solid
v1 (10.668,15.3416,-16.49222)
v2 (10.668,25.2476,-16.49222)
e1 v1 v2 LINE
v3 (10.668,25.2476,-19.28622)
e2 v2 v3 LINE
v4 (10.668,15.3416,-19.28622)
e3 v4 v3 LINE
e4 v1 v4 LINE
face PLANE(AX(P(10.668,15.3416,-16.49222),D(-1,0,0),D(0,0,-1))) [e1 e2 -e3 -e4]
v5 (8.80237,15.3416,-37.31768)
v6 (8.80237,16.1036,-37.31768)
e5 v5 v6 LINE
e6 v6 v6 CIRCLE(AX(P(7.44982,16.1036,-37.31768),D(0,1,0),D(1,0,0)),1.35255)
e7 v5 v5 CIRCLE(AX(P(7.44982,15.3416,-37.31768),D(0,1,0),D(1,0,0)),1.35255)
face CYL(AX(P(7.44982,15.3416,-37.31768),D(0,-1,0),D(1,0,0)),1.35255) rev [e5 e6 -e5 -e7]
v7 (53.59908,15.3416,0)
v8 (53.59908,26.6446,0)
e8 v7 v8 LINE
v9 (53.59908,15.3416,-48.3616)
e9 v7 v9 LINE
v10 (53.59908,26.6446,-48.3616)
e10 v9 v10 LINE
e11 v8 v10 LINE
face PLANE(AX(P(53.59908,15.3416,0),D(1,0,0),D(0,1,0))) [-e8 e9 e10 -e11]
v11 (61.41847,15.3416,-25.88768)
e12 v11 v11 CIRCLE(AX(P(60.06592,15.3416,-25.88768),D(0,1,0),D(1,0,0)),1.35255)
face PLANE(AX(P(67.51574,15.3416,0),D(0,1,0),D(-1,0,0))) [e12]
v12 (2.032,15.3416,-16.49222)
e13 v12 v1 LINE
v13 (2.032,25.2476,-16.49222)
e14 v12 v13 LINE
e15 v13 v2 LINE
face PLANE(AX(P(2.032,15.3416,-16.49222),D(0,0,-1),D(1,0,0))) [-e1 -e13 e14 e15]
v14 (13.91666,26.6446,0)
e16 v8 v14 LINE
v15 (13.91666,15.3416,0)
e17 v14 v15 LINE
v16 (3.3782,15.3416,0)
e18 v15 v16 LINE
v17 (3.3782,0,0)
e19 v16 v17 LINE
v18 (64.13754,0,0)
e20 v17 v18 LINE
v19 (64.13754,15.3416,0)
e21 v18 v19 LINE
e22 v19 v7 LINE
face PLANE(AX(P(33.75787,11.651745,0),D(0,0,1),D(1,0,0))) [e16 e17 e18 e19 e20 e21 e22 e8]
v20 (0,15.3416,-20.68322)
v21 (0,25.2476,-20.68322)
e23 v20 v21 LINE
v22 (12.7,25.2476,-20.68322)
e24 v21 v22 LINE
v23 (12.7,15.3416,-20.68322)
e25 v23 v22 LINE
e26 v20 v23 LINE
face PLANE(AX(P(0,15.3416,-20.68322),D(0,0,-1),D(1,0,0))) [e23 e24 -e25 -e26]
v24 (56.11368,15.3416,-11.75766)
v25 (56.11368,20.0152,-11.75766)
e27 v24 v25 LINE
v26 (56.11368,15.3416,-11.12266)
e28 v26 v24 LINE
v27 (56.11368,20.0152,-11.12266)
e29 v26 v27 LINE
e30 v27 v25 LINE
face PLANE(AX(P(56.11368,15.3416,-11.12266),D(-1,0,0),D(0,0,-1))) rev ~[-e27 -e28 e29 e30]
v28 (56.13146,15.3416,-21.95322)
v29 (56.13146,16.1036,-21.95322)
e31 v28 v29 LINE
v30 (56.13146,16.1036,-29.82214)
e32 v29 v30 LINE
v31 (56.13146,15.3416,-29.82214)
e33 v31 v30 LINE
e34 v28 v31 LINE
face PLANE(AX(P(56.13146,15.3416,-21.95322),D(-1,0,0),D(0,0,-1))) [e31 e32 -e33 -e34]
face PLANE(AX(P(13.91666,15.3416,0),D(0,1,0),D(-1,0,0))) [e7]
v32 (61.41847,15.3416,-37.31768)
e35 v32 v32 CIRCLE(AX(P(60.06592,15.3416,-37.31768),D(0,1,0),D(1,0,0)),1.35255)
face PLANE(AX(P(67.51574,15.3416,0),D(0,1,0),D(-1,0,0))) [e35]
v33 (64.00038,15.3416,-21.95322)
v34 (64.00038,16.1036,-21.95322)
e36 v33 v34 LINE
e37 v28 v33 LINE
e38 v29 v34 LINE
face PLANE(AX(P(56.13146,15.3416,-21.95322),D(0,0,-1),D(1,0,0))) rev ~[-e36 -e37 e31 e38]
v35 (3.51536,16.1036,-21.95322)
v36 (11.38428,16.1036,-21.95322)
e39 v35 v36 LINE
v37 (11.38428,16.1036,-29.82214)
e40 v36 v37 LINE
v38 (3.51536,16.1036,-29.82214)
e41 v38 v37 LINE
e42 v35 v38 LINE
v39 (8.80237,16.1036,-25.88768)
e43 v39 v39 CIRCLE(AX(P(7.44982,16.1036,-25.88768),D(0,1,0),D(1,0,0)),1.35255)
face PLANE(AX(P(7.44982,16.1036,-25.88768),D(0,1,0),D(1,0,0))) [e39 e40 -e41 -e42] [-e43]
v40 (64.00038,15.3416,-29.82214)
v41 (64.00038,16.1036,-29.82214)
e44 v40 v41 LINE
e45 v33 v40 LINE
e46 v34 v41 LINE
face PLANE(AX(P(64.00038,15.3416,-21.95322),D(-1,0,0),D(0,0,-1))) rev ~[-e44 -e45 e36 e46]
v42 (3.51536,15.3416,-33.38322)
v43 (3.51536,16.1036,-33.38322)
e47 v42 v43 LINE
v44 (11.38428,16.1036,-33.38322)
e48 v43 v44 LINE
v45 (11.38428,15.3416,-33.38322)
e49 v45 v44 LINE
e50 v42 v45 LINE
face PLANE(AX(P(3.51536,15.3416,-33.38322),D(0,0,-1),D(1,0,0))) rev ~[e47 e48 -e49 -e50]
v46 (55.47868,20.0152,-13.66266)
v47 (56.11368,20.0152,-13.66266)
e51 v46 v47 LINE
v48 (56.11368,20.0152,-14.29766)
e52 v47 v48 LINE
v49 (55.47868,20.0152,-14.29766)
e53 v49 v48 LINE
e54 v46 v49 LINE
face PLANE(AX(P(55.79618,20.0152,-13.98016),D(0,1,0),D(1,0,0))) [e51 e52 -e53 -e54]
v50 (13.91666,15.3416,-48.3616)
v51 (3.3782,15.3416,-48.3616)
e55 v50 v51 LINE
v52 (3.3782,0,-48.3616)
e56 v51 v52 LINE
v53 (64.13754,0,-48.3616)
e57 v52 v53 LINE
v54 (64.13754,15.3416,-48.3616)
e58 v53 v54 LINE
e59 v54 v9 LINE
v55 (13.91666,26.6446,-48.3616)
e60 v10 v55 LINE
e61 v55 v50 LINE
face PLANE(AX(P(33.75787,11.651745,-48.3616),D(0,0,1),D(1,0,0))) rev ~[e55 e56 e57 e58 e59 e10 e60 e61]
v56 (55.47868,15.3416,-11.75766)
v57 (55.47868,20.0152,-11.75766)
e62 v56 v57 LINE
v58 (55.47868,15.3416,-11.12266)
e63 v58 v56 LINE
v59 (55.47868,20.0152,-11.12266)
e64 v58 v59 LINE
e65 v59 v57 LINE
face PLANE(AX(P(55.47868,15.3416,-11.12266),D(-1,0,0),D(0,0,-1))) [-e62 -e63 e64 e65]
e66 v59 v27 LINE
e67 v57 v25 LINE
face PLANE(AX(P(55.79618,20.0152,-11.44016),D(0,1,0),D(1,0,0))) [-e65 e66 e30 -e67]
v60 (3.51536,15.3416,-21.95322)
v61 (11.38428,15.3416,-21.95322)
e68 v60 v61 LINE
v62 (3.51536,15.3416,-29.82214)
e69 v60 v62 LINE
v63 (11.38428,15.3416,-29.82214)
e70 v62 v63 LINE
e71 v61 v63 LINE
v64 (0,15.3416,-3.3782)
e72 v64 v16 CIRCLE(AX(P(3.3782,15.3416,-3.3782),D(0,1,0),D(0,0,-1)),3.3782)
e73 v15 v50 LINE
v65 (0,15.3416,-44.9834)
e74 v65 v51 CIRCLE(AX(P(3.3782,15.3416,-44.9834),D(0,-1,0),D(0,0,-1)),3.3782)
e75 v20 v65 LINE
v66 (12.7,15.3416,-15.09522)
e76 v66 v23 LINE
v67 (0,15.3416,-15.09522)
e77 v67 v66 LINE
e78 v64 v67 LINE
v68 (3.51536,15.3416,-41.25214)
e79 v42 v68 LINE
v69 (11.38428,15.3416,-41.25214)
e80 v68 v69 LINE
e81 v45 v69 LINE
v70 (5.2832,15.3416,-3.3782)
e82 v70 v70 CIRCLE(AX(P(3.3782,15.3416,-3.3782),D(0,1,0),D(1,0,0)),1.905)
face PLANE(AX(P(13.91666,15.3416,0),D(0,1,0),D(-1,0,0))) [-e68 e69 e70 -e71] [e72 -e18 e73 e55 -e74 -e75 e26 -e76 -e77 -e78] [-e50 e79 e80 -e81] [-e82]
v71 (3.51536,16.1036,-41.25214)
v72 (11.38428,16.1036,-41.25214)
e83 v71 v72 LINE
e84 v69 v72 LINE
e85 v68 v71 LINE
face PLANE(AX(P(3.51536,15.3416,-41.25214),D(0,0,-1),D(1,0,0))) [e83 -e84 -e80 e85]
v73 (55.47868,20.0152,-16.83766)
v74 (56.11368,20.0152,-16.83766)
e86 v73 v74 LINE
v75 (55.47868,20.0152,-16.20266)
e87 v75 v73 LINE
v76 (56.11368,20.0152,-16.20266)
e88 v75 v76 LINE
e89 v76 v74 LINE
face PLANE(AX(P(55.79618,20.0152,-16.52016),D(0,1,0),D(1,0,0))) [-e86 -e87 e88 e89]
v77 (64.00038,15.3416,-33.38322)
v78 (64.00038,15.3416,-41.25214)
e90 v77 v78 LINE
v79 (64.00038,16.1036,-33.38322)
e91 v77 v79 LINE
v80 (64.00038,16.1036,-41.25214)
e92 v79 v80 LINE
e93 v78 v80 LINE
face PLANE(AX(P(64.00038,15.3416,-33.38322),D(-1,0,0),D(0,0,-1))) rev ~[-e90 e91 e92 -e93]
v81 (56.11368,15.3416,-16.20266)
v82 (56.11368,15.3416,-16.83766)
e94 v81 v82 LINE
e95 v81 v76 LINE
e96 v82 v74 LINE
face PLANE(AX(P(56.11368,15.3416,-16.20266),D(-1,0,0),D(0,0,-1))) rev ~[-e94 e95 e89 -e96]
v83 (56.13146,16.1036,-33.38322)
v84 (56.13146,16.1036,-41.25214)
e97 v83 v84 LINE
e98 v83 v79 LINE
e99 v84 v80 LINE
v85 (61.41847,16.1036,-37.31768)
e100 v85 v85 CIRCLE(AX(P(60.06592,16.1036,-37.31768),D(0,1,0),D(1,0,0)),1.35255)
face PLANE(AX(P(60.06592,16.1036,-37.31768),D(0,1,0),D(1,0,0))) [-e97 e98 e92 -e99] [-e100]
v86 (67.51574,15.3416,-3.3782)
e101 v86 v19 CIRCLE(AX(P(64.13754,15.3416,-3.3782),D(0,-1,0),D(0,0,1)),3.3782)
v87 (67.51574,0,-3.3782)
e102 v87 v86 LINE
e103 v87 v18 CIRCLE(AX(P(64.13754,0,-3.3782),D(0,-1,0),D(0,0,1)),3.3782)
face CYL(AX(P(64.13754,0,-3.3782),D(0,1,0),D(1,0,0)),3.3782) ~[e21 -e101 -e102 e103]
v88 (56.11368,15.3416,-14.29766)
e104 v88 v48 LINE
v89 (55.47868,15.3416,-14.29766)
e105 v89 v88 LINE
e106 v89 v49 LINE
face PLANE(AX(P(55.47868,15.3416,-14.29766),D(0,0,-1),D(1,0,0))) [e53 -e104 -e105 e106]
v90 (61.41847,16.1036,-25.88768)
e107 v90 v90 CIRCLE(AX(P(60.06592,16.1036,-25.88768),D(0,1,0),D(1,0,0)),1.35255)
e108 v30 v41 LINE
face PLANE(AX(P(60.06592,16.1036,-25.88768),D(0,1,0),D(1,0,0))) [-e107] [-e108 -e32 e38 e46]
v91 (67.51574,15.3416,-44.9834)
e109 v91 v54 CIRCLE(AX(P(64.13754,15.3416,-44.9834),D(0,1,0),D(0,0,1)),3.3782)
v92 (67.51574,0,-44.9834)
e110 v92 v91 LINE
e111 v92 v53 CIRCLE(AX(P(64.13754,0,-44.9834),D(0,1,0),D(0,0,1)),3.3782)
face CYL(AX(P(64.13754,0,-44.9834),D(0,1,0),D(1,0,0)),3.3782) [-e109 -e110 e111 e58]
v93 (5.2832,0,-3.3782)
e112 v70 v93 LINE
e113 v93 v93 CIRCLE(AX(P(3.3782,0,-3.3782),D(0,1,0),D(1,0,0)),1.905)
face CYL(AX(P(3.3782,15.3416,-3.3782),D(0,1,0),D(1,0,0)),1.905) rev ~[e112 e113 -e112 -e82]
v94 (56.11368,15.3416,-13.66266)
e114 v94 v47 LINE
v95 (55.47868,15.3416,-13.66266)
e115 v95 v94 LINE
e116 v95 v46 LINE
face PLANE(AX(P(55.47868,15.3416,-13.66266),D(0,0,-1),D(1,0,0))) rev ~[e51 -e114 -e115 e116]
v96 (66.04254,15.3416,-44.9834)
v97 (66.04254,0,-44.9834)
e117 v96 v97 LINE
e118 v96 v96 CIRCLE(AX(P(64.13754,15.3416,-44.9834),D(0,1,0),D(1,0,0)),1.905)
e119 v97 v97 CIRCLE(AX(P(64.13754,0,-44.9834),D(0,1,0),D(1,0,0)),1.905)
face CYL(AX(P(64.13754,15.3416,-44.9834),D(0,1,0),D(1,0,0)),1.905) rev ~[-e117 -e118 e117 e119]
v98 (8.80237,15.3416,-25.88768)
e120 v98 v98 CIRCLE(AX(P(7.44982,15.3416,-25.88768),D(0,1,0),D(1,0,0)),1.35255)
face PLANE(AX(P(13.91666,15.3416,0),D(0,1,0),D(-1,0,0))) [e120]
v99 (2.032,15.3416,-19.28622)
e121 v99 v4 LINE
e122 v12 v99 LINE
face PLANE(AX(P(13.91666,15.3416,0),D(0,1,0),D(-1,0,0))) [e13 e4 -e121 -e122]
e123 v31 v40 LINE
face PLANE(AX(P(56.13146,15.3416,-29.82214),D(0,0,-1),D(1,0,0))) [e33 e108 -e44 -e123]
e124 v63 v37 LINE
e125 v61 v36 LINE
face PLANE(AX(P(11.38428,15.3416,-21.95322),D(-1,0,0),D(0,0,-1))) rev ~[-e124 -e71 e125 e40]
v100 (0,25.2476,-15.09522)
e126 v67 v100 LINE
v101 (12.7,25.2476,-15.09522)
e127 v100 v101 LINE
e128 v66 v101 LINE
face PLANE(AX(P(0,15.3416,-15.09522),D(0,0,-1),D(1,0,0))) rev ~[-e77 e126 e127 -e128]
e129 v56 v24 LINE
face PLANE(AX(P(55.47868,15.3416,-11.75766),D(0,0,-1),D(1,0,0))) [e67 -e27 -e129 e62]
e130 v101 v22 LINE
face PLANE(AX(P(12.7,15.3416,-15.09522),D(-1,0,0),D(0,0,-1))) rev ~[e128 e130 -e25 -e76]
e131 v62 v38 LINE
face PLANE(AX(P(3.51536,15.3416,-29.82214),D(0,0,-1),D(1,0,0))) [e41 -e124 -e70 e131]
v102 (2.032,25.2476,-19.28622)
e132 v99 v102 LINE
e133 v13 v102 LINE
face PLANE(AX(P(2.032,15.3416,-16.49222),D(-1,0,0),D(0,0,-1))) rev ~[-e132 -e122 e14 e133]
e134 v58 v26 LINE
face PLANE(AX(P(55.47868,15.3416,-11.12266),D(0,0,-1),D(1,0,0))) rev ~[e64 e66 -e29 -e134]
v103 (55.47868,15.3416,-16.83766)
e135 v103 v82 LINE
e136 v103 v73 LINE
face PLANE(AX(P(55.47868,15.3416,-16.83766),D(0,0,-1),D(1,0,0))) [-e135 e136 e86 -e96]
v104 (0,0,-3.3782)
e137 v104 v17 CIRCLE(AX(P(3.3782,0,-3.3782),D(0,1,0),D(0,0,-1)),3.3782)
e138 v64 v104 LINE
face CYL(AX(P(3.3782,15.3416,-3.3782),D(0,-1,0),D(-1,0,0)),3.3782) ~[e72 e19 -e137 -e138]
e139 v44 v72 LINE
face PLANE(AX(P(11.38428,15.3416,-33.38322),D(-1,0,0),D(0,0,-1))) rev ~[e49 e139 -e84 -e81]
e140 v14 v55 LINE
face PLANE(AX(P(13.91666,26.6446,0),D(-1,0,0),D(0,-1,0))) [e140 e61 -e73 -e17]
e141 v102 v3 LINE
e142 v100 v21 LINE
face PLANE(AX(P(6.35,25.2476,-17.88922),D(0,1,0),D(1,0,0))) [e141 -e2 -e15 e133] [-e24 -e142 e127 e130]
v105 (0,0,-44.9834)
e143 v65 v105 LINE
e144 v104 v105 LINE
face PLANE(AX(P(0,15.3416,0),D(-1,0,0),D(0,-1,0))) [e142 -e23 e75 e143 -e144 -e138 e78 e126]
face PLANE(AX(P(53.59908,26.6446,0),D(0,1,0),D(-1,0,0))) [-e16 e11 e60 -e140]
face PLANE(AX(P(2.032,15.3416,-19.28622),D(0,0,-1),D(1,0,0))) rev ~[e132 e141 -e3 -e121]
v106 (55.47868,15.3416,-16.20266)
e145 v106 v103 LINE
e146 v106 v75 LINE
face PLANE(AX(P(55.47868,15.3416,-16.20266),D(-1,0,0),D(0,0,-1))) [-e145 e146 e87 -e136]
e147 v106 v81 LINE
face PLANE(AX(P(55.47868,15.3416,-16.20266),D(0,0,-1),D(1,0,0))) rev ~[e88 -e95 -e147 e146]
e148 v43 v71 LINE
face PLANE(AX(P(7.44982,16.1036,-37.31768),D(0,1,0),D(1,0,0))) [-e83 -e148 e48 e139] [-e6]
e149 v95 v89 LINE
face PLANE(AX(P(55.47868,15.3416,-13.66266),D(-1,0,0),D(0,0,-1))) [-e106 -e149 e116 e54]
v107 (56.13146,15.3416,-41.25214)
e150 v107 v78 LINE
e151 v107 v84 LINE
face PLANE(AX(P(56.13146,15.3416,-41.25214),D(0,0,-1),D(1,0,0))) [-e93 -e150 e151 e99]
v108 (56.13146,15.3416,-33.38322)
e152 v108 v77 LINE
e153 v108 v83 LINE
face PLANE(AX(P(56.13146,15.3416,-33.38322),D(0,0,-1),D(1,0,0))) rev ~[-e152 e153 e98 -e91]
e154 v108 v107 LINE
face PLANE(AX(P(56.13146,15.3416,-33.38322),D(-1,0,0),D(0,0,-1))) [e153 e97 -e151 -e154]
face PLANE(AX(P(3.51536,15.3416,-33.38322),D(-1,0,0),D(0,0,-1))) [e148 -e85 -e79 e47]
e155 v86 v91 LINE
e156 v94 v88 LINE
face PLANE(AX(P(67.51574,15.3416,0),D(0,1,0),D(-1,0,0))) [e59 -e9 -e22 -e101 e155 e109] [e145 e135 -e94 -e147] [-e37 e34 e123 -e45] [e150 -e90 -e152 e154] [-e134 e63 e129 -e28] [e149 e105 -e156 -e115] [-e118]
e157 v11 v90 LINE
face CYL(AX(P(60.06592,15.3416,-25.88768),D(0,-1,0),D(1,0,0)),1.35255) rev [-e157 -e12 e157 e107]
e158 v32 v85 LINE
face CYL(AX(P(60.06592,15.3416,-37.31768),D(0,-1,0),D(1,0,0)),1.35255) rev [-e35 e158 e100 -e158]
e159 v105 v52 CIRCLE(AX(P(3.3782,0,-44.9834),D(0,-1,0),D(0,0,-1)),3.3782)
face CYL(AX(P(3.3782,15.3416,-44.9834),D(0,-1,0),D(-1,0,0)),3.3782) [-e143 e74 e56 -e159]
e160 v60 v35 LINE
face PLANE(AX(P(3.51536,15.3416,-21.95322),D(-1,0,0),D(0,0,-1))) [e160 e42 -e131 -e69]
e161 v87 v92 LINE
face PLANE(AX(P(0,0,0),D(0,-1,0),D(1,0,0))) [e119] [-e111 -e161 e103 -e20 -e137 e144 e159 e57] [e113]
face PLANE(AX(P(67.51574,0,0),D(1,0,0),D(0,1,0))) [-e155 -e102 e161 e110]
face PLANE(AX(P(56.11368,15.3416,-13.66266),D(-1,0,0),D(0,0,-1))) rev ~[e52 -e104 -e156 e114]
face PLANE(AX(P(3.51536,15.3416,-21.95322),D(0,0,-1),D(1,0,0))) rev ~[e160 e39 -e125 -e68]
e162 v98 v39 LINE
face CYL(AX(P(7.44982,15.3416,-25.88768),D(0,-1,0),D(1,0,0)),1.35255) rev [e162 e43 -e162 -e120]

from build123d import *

# Parameters (mm, degrees)
BOSS_EXTRUDE1_DEPTH = 48.3616
FILLET1_R           = 3.3782
SKETCH2_R           = 1.905
CUT_EXTRUDE1_DEPTH  = 85.454628013
SKETCH3_W           = 7.86892
SKETCH3_H           = 7.86892
SKETCH3_R           = 1.35255
BOSS_EXTRUDE2_DEPTH = 0.762
SKETCH4_W           = 12.7
SKETCH4_H           = 5.588
SKETCH4_W_2         = 8.636
SKETCH4_H_2         = 2.794
BOSS_EXTRUDE3_DEPTH = 9.906
SKETCH5_W           = 0.635
SKETCH5_H           = 0.635
BOSS_EXTRUDE4_DEPTH = 4.6736


with BuildPart() as part:
    # Sketch1 → Boss-Extrude1 (new body)
    with BuildSketch(Plane.XY):
        Polygon((0, 0), (67.51574, 0), (67.51574, 15.3416), (53.59908, 15.3416), (53.59908, 26.6446), (13.91666, 26.6446), (13.91666, 15.3416), (0, 15.3416), align=None)
    extrude(amount=-BOSS_EXTRUDE1_DEPTH)

    # Fillet1
    fillet1_edges = [part.edges().sort_by_distance(p)[0] for p in [
        (0, 7.6708, -48.3616),
        (67.51574, 7.6708, -48.3616),
        (67.51574, 7.6708, 0),
        (0, 7.6708, 0),
    ]]
    fillet(fillet1_edges, radius=FILLET1_R)

    # Sketch2 → Cut-Extrude1 (cut, through all)
    with BuildSketch(Plane(origin=(0, 15.3416, 0), x_dir=(1, 0, 0), z_dir=(0, 1, 0))):
        with Locations((3.3782, 3.3782)):
            Circle(SKETCH2_R)
        with Locations((64.13754, 44.9834)):
            Circle(SKETCH2_R)
    extrude(amount=-CUT_EXTRUDE1_DEPTH, mode=Mode.SUBTRACT)

    # Sketch3 → Boss-Extrude2 (add)
    # profile 1 of 4: a face of its own
    with BuildSketch(Plane(origin=(0, 15.3416, 0), x_dir=(1, 0, 0), z_dir=(0, 1, 0))):
        with Locations((60.06592, 25.88768)):
            Rectangle(SKETCH3_W, SKETCH3_H)
        with Locations((60.06592, 25.88768)):
            Circle(SKETCH3_R, mode=Mode.SUBTRACT)
    # profile 2 of 4: a face of its own
    with BuildSketch(Plane(origin=(0, 15.3416, 0), x_dir=(1, 0, 0), z_dir=(0, 1, 0))):
        with Locations((7.44982, 37.31768)):
            Rectangle(SKETCH3_W, SKETCH3_H)
        with Locations((7.44982, 37.31768)):
            Circle(SKETCH3_R, mode=Mode.SUBTRACT)
    # profile 3 of 4: a face of its own
    with BuildSketch(Plane(origin=(0, 15.3416, 0), x_dir=(1, 0, 0), z_dir=(0, 1, 0))):
        with Locations((7.44982, 25.88768)):
            Rectangle(SKETCH3_W, SKETCH3_H)
        with Locations((7.44982, 25.88768)):
            Circle(SKETCH3_R, mode=Mode.SUBTRACT)
    # profile 4 of 4: a face of its own
    with BuildSketch(Plane(origin=(0, 15.3416, 0), x_dir=(1, 0, 0), z_dir=(0, 1, 0))):
        with Locations((60.06592, 37.31768)):
            Rectangle(SKETCH3_W, SKETCH3_H)
        with Locations((60.06592, 37.31768)):
            Circle(SKETCH3_R, mode=Mode.SUBTRACT)
    extrude(amount=BOSS_EXTRUDE2_DEPTH)

    # Sketch4 → Boss-Extrude3 (add)
    with BuildSketch(Plane(origin=(0, 15.3416, 0), x_dir=(1, 0, 0), z_dir=(0, 1, 0))):
        with Locations((6.35, 17.88922)):
            Rectangle(SKETCH4_W, SKETCH4_H)
        with Locations((6.35, 17.88922)):
            Rectangle(SKETCH4_W_2, SKETCH4_H_2, mode=Mode.SUBTRACT)
    extrude(amount=BOSS_EXTRUDE3_DEPTH)

    # Sketch5 → Boss-Extrude4 (add)
    with BuildSketch(Plane(origin=(0, 15.3416, 0), x_dir=(1, 0, 0), z_dir=(0, 1, 0))):
        with Locations((55.79618, 16.52016)):
            Rectangle(SKETCH5_W, SKETCH5_H)
        with Locations((55.79618, 13.98016)):
            Rectangle(SKETCH5_W, SKETCH5_H)
        with Locations((55.79618, 11.44016)):
            Rectangle(SKETCH5_W, SKETCH5_H)
    extrude(amount=BOSS_EXTRUDE4_DEPTH)


solid = part.part
